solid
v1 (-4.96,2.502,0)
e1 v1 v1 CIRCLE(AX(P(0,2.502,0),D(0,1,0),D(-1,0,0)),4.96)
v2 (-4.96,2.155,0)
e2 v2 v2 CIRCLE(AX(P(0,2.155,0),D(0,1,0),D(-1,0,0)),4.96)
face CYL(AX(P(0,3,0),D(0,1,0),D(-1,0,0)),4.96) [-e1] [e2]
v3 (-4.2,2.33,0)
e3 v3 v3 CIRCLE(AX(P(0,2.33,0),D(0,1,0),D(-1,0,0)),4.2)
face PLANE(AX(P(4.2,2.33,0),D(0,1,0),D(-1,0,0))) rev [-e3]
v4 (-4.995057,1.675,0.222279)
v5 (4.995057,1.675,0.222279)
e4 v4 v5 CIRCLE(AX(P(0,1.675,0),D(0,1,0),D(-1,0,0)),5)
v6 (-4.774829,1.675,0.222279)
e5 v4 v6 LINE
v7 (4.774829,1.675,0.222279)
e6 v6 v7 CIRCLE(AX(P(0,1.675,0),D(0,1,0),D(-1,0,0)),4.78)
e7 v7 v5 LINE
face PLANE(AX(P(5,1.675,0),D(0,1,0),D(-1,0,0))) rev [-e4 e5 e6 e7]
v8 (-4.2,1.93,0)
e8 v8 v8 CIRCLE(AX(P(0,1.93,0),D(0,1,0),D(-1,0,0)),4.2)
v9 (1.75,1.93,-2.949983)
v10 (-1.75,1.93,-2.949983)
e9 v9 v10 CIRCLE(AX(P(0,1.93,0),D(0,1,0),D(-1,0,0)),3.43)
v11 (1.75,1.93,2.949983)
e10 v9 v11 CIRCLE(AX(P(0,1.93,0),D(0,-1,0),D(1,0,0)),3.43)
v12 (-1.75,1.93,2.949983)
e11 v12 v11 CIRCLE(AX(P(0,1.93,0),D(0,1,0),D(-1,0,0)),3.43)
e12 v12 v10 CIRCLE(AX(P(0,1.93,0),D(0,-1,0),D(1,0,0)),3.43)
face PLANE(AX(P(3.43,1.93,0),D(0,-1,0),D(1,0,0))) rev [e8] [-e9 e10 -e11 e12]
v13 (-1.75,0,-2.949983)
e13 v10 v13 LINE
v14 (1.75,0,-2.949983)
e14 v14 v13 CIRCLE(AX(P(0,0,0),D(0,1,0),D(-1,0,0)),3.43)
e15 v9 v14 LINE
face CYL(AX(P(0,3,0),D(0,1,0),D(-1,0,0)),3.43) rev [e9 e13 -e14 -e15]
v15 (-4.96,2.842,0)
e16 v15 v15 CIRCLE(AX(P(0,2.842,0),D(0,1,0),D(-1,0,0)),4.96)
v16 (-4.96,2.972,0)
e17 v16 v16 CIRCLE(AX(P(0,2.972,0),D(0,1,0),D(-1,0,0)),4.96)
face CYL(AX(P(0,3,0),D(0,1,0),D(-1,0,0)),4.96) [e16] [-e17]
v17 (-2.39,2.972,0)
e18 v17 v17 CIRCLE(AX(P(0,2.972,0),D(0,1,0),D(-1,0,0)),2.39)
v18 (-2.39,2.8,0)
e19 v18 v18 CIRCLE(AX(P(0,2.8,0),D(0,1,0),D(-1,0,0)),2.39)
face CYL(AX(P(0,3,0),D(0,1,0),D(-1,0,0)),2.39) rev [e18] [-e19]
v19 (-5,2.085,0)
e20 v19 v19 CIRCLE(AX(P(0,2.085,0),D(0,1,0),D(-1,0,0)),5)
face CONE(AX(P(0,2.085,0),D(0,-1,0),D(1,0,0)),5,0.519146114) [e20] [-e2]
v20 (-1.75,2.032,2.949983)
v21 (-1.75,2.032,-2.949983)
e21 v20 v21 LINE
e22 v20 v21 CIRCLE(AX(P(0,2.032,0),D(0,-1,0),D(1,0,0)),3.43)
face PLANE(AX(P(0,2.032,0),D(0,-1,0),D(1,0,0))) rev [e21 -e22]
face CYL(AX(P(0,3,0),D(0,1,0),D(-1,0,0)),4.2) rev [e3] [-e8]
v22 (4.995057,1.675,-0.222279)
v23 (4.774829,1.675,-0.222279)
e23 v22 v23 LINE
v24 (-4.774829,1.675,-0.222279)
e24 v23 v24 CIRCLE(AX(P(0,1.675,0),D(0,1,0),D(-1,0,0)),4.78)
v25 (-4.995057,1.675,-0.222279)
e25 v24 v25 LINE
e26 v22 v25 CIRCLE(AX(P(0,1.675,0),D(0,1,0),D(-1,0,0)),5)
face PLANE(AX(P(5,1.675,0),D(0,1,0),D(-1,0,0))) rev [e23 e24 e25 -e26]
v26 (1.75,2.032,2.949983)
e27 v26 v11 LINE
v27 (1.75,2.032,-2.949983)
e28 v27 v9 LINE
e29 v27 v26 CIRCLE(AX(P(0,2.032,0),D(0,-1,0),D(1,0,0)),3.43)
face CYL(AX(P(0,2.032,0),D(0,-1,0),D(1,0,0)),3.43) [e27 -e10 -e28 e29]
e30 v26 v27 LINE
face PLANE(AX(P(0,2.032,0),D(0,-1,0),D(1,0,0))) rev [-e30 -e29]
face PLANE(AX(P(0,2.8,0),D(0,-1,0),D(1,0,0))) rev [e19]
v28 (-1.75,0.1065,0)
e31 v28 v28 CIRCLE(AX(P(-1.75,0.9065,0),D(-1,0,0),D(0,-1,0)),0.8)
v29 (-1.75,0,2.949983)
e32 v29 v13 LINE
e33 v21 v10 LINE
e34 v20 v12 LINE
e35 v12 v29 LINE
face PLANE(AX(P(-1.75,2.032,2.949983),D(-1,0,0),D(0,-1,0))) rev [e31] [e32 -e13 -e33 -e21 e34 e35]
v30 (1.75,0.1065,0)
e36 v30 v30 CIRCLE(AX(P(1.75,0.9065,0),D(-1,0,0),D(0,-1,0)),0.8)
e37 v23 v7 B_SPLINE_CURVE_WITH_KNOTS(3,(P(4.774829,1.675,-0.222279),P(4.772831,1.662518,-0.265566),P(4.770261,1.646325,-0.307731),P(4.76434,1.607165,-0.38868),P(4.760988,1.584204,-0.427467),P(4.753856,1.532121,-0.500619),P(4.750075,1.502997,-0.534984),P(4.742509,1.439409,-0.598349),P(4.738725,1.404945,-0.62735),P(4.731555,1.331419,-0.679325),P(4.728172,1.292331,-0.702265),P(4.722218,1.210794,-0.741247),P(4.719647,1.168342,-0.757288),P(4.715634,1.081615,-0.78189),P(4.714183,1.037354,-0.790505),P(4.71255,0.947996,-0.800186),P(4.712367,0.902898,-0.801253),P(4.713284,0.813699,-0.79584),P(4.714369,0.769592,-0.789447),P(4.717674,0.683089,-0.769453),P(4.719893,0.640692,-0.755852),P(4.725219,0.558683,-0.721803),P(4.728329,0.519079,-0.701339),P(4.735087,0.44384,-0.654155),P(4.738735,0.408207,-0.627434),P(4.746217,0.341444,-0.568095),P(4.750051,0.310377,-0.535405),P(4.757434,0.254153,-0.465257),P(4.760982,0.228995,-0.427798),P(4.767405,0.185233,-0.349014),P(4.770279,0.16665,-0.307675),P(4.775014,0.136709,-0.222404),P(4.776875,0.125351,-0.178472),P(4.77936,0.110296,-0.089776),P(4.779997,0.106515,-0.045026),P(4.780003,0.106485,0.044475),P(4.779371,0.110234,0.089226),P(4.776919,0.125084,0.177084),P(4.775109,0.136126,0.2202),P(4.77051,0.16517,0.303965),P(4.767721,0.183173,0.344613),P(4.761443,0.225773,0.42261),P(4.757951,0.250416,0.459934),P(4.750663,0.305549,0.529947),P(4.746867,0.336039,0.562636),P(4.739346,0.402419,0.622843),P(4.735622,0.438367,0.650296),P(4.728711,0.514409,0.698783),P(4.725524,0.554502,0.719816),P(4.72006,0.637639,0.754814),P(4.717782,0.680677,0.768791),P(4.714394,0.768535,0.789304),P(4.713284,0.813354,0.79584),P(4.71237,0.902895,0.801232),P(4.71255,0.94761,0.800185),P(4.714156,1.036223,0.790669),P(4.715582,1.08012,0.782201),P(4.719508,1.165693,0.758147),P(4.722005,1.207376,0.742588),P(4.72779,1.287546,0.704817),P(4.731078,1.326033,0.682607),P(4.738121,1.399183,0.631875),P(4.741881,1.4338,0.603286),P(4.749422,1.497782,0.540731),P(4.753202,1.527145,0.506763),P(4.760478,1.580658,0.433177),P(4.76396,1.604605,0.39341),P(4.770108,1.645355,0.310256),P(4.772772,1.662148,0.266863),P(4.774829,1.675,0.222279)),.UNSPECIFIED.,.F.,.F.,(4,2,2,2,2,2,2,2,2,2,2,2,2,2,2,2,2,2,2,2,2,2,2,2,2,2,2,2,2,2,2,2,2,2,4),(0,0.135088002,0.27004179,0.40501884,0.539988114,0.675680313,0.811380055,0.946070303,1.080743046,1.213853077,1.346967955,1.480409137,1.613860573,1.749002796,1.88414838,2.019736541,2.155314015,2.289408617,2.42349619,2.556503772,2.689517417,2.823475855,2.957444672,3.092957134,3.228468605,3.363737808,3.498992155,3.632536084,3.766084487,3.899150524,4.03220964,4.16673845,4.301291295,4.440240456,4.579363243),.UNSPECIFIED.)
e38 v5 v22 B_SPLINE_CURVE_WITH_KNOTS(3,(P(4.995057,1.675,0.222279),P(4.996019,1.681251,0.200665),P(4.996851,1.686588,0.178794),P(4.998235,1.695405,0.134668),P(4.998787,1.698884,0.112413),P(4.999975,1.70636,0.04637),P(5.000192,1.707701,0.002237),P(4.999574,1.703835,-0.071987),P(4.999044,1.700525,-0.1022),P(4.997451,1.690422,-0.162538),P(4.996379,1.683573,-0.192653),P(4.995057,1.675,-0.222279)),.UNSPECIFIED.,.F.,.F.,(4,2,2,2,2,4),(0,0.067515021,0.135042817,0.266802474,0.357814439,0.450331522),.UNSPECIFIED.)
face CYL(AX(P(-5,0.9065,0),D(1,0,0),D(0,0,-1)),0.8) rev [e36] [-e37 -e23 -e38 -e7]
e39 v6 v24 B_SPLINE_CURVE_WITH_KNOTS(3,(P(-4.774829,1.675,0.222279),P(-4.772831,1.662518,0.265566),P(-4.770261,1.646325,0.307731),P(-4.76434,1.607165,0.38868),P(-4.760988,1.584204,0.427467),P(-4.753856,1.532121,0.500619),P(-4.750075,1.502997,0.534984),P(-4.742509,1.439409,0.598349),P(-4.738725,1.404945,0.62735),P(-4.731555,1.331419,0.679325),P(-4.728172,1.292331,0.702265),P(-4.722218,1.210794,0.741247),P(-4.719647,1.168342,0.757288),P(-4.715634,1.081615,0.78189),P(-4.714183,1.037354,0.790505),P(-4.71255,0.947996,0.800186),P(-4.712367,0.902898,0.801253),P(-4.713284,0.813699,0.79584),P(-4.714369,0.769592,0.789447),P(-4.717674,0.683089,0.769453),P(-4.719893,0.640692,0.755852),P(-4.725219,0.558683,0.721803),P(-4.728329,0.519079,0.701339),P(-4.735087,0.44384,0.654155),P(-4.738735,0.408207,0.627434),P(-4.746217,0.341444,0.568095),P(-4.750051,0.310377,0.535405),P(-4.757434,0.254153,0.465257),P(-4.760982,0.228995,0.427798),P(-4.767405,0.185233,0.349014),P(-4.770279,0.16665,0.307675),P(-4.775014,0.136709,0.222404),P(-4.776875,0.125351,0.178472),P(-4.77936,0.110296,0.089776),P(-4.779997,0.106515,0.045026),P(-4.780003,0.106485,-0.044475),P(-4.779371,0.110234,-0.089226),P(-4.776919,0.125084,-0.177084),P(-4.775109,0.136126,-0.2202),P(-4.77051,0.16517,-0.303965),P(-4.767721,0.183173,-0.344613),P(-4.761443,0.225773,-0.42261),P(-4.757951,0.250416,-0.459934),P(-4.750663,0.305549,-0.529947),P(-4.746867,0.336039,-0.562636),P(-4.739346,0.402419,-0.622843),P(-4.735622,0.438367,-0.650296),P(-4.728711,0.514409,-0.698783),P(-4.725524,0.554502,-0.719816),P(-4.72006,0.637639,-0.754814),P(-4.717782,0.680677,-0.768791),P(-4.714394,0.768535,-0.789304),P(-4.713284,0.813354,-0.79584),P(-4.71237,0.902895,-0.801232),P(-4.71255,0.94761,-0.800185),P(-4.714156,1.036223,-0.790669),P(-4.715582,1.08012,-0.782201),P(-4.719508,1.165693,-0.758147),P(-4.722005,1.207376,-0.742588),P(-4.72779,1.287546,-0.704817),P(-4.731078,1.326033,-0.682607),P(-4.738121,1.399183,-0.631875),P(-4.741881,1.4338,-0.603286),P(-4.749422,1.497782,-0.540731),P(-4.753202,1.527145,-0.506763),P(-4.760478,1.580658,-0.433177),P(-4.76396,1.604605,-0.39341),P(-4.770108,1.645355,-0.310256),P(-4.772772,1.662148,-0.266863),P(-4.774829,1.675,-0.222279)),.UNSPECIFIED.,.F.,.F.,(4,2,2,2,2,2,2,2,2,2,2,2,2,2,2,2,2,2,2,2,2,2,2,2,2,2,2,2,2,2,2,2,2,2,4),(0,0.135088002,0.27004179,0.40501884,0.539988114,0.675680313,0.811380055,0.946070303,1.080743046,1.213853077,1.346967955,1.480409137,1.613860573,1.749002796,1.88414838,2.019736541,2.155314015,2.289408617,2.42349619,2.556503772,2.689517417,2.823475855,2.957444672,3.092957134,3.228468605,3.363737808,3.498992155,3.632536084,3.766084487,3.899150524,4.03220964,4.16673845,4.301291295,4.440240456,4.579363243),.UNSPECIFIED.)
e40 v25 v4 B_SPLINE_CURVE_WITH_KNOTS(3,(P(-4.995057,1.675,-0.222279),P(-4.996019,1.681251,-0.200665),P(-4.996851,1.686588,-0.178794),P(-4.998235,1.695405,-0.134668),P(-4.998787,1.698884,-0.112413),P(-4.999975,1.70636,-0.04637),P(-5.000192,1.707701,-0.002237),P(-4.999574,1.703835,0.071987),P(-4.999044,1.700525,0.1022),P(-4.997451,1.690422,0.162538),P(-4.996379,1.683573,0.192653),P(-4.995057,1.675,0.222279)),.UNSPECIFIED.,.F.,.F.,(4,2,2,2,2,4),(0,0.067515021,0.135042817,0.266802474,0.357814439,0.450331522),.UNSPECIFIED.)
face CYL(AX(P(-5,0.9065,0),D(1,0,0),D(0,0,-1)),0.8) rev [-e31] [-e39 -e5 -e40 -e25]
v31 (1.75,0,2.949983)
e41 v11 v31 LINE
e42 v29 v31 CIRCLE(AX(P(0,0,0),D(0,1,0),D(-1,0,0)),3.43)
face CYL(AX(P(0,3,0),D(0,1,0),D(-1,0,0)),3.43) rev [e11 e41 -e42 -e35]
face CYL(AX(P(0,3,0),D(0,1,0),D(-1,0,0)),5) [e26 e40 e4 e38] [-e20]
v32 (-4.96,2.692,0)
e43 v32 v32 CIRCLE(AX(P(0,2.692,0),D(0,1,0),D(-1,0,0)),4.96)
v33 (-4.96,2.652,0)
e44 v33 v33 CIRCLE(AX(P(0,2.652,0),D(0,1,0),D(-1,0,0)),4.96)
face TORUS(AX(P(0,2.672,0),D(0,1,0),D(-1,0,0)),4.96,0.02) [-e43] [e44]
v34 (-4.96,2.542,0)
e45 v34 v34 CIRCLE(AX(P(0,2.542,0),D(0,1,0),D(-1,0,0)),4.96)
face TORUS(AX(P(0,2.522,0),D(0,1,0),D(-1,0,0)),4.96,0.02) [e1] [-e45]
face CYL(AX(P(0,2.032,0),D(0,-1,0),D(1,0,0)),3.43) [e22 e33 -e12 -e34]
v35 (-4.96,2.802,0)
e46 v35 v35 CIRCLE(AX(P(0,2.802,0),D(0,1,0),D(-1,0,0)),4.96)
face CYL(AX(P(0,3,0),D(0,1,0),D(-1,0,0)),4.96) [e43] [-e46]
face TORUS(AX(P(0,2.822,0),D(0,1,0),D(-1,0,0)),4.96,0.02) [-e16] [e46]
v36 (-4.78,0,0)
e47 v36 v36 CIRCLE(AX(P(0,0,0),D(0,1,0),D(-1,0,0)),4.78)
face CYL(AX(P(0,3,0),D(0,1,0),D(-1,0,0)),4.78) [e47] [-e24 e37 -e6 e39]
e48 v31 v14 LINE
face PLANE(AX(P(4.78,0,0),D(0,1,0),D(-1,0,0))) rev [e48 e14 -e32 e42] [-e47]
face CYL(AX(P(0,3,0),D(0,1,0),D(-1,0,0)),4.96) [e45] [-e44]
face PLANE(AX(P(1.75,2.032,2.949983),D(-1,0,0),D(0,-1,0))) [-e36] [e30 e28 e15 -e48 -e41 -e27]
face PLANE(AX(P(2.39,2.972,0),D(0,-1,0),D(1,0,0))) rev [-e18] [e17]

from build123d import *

# Parameters (mm, degrees)
BOSS_EXTRUDE2_DEPTH     = 2.032
SKETCH5_R               = 0.8
CUT_EXTRUDE1_DEPTH      = 6
CUT_EXTRUDE1_DEPTH_BACK = 6


with BuildPart() as part:
    # Sketch1 → Revolve1 (revolve)
    with BuildSketch(Plane.XY):
        with BuildLine():
            Line((4.78, 0), (3.43, 0))
            Line((3.43, 0), (3.43, 1.93))
            Line((3.43, 1.93), (4.2, 1.93))
            Line((4.2, 1.93), (4.2, 2.33))
            Line((4.2, 2.33), (0, 2.33))
            Line((0, 2.33), (0, 2.8))
            Line((0, 2.8), (2.39, 2.8))
            Line((2.39, 2.8), (2.39, 2.972))
            Line((2.39, 2.972), (4.96, 2.972))
            Line((4.96, 2.972), (4.96, 2.842))
            ThreePointArc((4.96, 2.842), (4.98, 2.822), (4.96, 2.802))
            Line((4.96, 2.802), (4.96, 2.692))
            ThreePointArc((4.96, 2.692), (4.98, 2.672), (4.96, 2.652))
            Line((4.96, 2.652), (4.96, 2.542))
            ThreePointArc((4.96, 2.542), (4.98, 2.522), (4.96, 2.502))
            Line((4.96, 2.502), (4.96, 2.155))
            Line((4.96, 2.155), (5, 2.085))
            Line((5, 2.085), (5, 1.675))
            Line((5, 1.675), (4.78, 1.675))
            Line((4.78, 1.675), (4.78, 0))
        make_face()
    revolve(axis=Axis((0, 3, 0), (0, -1, 0)))

    # Sketch4 → Boss-Extrude2 (add)
    with BuildSketch(Plane.XZ):
        with BuildLine():
            Line((-1.75, 2.949983051), (-1.75, -2.949983051))
            ThreePointArc((-1.75, -2.949983051), (-3.43, 0), (-1.75, 2.949983051))
        make_face()
        with BuildLine():
            Line((1.75, 2.949983051), (1.75, -2.949983051))
            ThreePointArc((1.75, -2.949983051), (3.43, 0), (1.75, 2.949983051))
        make_face()
    extrude(amount=-BOSS_EXTRUDE2_DEPTH)

    # Sketch5 → Cut-Extrude1 (cut, two sides)
    with BuildSketch(Plane(origin=(0, 0, 0), x_dir=(0, 0, -1), z_dir=(1, 0, 0))) as cut_extrude1_sk:
        with Locations((0, 0.9065)):
            Circle(SKETCH5_R)
    extrude(amount=CUT_EXTRUDE1_DEPTH, mode=Mode.SUBTRACT)
    extrude(cut_extrude1_sk.sketch, amount=-CUT_EXTRUDE1_DEPTH_BACK, mode=Mode.SUBTRACT)


solid = part.part
